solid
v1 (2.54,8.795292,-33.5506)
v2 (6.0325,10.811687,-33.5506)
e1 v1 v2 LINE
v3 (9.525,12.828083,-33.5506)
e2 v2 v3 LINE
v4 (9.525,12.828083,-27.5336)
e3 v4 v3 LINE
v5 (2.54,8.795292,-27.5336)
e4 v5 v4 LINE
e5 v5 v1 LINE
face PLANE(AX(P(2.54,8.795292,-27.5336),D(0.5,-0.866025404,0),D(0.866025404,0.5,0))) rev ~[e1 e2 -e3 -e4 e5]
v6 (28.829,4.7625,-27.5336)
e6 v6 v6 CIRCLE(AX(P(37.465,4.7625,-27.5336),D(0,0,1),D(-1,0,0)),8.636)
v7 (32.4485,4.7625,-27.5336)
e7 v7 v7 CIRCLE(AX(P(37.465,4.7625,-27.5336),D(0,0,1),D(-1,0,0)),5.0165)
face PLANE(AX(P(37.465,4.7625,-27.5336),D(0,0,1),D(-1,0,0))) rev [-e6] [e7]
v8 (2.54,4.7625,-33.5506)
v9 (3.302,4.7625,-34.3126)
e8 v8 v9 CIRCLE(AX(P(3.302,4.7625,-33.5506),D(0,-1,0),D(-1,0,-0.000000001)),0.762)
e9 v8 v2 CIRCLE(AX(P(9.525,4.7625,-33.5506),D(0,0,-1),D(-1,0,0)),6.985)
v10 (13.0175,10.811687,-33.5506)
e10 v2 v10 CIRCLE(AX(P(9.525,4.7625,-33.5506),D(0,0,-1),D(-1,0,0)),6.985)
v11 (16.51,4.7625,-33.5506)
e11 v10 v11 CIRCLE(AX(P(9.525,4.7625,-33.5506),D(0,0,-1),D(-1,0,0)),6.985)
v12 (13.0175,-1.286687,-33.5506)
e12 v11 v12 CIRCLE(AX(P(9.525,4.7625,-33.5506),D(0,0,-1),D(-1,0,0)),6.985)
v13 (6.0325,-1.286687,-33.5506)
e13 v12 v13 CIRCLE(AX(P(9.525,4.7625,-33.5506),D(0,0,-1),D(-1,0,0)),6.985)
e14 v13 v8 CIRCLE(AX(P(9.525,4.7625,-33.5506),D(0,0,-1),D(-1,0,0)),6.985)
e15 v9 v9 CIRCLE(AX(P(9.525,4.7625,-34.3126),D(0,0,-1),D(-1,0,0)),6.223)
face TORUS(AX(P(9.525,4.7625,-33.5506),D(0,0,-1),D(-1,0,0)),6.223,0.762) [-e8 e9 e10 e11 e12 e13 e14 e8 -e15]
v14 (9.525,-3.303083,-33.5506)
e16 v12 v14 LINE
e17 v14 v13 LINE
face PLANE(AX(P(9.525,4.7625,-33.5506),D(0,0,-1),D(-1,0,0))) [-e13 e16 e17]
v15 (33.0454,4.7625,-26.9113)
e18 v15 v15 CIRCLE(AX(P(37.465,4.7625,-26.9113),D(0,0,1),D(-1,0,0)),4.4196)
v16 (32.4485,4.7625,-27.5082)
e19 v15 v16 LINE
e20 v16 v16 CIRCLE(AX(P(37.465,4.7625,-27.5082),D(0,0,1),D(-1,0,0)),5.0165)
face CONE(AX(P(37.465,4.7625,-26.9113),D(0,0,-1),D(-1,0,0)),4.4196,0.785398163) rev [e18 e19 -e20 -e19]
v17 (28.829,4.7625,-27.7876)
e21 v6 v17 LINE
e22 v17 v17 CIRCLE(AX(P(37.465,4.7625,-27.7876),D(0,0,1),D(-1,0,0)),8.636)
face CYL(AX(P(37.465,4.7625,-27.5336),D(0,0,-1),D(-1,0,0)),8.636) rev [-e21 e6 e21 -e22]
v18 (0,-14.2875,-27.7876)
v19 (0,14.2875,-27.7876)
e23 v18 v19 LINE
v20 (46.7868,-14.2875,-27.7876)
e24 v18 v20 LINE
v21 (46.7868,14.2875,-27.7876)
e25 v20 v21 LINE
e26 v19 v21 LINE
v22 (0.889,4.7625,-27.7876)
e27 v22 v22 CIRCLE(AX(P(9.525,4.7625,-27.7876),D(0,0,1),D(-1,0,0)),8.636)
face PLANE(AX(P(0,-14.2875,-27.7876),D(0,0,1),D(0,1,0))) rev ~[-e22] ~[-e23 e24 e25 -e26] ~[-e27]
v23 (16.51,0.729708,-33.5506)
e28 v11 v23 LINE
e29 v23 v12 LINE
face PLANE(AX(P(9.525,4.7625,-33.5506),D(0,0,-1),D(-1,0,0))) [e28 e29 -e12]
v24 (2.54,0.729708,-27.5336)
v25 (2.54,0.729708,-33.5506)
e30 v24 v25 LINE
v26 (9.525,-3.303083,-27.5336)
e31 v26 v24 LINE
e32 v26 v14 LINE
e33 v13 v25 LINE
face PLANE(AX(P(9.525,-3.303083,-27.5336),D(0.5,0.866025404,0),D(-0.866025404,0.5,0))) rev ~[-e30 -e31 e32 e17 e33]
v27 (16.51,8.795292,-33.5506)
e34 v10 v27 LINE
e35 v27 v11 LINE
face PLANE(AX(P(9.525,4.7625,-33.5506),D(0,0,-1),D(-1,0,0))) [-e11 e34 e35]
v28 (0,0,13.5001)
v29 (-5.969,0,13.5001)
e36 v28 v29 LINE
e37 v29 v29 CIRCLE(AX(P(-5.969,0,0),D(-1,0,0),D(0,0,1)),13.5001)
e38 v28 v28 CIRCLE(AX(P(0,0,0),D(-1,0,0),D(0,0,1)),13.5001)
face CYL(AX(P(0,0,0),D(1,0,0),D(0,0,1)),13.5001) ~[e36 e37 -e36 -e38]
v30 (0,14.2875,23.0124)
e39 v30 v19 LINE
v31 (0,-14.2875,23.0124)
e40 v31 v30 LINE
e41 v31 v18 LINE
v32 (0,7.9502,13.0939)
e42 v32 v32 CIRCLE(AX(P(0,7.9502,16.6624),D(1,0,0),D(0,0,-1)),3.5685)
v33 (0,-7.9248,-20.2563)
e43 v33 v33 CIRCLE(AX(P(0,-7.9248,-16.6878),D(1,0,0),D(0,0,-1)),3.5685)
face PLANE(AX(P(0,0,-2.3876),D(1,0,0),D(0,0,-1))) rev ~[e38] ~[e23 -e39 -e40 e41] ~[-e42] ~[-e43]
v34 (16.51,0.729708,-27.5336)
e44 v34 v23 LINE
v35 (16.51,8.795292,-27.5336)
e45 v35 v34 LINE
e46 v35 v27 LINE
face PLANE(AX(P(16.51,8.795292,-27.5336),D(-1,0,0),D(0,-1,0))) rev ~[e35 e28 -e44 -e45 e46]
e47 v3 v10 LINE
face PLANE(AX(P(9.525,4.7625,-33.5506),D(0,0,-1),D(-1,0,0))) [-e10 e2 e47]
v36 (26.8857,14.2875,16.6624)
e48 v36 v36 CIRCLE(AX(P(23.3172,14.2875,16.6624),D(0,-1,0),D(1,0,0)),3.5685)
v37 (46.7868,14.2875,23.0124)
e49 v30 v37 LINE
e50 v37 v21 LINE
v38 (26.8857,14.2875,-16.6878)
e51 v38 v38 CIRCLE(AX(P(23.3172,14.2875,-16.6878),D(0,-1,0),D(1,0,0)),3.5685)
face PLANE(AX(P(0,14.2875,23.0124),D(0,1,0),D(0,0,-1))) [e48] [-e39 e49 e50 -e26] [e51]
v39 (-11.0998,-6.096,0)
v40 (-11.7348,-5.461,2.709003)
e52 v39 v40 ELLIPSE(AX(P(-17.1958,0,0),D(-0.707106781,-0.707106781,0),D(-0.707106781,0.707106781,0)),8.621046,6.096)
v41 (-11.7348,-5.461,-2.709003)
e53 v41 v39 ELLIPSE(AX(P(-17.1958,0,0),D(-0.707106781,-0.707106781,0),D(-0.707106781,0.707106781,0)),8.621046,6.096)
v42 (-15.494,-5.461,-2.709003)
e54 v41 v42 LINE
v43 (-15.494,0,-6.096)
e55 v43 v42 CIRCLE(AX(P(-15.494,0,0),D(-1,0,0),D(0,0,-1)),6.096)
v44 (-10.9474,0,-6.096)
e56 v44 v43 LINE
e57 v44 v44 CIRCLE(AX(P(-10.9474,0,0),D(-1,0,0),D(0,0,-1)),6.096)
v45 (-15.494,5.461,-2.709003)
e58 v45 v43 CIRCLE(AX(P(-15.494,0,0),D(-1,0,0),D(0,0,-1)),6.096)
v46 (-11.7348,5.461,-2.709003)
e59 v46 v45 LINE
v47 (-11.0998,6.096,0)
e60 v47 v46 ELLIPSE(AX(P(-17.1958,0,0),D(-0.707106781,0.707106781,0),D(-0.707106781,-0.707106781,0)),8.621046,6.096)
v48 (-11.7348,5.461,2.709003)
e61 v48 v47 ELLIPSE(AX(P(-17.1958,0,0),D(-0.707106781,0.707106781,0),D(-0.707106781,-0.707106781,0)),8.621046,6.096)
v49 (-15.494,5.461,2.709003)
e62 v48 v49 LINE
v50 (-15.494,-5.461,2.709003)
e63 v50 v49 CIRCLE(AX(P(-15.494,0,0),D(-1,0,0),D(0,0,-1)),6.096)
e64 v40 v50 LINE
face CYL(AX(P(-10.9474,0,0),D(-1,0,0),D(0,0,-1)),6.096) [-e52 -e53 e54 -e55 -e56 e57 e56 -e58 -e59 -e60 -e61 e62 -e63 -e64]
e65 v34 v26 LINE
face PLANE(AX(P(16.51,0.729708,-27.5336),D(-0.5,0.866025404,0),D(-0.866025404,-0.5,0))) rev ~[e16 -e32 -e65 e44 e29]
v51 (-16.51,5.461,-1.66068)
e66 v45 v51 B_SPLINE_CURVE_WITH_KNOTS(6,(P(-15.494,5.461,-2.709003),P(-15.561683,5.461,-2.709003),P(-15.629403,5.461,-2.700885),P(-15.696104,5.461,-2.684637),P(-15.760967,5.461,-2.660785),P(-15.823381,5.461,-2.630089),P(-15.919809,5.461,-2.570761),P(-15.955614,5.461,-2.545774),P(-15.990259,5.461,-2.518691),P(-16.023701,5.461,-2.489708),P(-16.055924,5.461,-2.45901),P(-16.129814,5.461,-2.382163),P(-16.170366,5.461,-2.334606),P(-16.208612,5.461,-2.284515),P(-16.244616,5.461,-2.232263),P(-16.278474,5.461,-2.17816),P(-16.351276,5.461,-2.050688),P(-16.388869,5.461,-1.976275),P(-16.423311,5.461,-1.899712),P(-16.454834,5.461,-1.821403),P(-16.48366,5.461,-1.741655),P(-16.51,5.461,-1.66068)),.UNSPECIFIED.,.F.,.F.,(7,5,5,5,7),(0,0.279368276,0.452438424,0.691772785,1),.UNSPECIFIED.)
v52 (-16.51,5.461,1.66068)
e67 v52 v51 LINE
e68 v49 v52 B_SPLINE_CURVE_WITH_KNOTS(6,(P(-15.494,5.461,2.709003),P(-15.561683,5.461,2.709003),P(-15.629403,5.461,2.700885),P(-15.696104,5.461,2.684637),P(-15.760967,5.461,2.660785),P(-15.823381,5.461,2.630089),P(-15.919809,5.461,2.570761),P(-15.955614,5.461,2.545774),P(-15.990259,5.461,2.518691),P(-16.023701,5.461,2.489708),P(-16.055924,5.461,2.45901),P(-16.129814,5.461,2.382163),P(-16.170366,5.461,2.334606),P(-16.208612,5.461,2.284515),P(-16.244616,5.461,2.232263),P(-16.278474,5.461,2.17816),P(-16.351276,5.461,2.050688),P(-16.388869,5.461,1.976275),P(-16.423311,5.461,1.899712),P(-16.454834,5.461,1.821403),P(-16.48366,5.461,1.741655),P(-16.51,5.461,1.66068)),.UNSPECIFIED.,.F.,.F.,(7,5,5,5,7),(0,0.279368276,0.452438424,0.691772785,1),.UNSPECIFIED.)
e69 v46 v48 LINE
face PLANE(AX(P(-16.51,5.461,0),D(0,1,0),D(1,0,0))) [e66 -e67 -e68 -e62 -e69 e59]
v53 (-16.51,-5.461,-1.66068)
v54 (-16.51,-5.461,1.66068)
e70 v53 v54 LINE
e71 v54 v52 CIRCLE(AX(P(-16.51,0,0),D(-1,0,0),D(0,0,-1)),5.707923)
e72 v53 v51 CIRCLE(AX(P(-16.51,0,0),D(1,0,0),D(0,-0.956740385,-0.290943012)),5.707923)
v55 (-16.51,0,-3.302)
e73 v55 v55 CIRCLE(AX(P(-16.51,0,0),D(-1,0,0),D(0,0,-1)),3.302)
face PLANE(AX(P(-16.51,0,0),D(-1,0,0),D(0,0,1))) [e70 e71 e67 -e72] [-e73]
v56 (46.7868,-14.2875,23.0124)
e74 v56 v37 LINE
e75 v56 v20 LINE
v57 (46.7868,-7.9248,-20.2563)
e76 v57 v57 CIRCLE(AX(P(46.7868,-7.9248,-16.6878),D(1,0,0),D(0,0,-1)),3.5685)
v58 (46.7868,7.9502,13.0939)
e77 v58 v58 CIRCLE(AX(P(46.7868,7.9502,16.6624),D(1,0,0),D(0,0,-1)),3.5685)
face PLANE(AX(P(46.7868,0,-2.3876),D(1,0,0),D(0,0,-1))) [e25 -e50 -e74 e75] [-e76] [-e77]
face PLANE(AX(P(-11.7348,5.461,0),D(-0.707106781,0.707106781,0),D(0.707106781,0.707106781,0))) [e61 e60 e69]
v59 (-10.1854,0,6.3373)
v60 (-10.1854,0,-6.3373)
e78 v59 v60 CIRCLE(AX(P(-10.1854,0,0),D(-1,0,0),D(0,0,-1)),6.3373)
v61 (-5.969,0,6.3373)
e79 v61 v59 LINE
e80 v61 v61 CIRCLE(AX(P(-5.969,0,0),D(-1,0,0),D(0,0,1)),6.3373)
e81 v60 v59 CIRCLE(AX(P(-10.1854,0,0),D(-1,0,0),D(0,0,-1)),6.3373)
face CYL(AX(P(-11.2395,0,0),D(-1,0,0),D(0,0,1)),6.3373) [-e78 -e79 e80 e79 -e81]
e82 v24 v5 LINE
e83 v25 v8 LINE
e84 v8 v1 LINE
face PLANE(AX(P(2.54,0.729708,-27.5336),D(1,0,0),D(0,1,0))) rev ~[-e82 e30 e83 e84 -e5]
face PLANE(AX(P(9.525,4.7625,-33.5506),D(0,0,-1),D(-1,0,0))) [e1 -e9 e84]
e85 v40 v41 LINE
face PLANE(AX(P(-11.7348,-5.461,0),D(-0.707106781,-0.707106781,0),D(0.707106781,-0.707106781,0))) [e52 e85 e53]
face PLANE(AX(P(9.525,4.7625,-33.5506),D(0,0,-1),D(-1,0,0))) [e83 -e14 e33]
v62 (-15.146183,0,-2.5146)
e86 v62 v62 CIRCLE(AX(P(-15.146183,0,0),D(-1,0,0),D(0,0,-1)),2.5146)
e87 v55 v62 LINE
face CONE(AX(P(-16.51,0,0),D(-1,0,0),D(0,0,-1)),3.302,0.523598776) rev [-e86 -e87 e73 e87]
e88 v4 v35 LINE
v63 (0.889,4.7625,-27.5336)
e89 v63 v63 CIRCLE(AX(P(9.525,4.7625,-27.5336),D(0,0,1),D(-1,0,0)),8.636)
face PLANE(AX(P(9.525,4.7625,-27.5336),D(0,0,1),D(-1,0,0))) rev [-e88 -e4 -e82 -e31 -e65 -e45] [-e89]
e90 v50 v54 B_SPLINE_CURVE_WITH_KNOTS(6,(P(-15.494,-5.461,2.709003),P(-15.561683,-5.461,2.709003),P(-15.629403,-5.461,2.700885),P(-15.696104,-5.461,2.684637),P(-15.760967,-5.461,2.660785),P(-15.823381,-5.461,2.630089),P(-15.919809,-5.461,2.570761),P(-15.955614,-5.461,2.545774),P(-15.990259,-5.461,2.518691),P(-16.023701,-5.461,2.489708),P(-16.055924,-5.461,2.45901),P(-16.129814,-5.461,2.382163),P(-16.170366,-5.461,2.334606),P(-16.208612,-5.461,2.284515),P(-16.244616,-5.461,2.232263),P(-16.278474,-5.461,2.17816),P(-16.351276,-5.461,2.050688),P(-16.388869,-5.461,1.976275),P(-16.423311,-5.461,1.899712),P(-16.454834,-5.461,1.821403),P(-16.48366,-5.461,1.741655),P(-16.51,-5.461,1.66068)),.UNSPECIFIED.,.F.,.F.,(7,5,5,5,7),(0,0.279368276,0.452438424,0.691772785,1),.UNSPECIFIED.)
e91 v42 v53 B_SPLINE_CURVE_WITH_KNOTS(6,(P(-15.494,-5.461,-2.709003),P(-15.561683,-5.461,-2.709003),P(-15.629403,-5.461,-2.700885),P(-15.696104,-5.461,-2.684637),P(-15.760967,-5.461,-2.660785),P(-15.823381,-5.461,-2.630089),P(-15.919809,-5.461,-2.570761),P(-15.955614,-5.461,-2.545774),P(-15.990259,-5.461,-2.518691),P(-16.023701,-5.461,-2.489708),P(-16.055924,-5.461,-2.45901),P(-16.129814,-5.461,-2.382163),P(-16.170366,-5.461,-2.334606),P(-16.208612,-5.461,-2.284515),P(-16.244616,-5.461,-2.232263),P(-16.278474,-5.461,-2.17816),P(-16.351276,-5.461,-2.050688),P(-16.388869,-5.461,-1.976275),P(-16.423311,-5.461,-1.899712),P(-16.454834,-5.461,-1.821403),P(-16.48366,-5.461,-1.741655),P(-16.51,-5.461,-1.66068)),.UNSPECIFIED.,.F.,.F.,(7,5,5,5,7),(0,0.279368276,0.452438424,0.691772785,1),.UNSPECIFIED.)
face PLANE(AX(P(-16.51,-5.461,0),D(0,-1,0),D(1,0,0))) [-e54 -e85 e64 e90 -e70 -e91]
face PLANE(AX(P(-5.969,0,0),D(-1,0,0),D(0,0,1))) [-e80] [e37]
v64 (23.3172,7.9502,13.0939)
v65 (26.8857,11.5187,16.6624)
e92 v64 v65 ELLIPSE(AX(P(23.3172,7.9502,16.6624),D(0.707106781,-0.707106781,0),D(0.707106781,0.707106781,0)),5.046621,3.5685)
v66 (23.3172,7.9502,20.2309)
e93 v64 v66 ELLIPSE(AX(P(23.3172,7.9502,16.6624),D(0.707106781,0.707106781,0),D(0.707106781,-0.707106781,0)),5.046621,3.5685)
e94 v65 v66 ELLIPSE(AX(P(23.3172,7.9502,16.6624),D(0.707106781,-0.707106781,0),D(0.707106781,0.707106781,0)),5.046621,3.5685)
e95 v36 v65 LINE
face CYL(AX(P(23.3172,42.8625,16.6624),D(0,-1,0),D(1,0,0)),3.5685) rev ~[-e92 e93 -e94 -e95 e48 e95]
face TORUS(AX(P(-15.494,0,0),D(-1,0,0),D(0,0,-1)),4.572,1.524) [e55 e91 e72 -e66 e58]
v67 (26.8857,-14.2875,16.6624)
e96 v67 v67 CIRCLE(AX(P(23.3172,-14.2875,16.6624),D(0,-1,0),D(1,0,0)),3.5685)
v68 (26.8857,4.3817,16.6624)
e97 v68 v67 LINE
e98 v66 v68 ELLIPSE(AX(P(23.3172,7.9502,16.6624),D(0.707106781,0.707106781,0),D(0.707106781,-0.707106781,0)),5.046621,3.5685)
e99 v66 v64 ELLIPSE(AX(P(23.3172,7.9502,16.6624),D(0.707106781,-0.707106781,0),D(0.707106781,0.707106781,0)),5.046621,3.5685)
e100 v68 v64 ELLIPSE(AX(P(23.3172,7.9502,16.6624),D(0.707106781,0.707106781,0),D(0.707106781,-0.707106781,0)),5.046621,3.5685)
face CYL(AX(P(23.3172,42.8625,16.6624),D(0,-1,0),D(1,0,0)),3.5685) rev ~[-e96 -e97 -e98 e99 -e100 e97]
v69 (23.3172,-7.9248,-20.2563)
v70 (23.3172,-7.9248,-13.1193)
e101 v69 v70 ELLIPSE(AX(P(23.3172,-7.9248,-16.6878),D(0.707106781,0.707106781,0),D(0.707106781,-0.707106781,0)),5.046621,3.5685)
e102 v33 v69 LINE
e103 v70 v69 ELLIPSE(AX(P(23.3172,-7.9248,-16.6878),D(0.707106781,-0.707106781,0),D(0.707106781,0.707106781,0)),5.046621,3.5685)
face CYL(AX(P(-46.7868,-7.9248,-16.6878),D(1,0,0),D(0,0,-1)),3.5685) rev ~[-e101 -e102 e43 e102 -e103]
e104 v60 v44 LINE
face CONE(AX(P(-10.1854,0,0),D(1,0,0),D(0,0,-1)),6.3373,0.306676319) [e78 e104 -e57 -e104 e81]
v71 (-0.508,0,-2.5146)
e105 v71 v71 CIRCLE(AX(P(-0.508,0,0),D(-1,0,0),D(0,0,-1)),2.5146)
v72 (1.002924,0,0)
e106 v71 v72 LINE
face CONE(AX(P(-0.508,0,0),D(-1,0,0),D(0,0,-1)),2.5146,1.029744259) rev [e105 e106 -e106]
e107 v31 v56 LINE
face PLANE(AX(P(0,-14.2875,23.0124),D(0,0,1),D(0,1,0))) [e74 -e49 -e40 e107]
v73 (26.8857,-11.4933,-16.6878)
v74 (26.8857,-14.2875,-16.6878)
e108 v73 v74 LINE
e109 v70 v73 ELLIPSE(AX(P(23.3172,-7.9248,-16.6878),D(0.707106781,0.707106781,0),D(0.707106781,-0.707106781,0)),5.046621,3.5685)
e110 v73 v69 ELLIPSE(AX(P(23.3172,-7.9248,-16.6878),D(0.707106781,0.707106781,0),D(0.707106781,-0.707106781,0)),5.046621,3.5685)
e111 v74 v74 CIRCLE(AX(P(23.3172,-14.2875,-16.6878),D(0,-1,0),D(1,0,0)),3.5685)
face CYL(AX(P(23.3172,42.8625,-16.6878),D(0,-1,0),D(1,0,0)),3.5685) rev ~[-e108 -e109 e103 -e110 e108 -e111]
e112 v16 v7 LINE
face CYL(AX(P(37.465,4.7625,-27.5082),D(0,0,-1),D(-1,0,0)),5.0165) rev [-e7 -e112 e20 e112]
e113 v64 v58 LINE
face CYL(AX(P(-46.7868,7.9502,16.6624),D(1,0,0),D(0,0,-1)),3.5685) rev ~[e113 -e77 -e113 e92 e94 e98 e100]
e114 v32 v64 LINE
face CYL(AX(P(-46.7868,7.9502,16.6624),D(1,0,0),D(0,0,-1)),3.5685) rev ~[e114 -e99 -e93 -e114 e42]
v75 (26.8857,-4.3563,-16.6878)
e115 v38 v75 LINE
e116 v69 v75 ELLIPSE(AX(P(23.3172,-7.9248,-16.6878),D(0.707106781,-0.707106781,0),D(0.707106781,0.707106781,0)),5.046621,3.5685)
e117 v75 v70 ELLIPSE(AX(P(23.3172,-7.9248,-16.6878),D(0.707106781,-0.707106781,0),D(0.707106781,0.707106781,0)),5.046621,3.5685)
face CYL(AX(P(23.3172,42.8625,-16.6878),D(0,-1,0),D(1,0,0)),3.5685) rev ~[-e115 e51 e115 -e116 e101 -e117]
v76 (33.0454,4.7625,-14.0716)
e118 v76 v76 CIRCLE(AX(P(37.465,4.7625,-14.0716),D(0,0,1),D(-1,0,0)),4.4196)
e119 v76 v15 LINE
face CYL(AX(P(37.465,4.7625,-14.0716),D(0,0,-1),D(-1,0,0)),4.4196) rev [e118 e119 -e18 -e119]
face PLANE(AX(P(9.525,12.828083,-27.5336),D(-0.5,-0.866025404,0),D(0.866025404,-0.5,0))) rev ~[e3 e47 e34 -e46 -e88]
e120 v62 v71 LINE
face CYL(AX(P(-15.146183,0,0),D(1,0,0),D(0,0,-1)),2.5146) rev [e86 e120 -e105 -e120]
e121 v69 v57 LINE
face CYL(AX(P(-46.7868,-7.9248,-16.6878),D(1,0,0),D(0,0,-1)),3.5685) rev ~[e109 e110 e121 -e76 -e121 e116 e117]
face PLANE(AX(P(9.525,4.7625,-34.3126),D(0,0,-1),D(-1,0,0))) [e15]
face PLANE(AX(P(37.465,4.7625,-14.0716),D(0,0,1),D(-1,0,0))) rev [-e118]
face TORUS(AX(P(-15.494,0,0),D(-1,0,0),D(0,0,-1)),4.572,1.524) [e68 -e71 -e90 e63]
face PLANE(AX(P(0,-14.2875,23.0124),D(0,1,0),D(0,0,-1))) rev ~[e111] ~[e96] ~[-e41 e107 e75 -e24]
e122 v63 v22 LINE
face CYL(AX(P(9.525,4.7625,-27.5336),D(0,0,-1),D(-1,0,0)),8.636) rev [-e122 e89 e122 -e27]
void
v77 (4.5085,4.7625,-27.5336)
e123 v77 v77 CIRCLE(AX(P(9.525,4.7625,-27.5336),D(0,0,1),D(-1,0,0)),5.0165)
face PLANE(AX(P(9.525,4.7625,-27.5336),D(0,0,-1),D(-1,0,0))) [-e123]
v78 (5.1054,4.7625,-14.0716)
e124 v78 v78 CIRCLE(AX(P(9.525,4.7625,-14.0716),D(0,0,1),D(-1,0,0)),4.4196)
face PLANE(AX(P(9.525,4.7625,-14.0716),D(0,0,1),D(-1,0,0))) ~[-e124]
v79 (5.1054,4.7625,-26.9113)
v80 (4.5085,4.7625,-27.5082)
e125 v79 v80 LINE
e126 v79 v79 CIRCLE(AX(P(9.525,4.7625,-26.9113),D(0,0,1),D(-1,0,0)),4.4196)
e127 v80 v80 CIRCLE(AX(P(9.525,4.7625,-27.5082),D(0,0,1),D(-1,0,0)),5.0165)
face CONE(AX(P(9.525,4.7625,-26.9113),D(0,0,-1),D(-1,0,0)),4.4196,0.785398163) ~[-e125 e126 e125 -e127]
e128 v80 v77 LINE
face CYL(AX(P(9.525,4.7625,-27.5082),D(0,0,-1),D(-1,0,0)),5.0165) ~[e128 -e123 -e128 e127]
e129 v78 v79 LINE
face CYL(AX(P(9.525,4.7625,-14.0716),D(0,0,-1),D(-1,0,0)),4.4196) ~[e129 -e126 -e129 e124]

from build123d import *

# Parameters (mm, degrees)
SKETCH1_W          = 50.8
SKETCH1_H          = 28.575
EXTRUDE1_DEPTH     = 46.7868
LPATTERN1_COUNT    = 2
LPATTERN1_PITCH    = 27.94
SKETCH5_R          = 13.5001
EXTRUDE2_DEPTH     = 5.969
SKETCH6_W          = 6.3373
SKETCH6_H          = 10.541
CUT_EXTRUDE4_DEPTH = 30.48
HOLE1_D            = 7.137
HOLE1_DEPTH        = 46.7868
HOLE2_D            = 7.137
HOLE2_DEPTH        = 28.575
EXTRUDE3_DEPTH     = 6.779


with BuildPart() as part:
    # Sketch1 → Extrude1 (new body)
    with BuildSketch(Plane(origin=(0, 0, 0), x_dir=(0, 0, -1), z_dir=(1, 0, 0))):
        with Locations((2.3876, 0)):
            Rectangle(SKETCH1_W, SKETCH1_H)
    extrude(amount=EXTRUDE1_DEPTH)

    # S2D0002 → Cut-Revolve1 (revolve, cut)
    with BuildSketch(Plane(origin=(0, 4.7625, 0), x_dir=(-1, 0, 0), z_dir=(0, 1, 0)), mode=Mode.PRIVATE) as cut_revolve1_sk:
        Polygon((-14.5415, -27.5336), (-18.161, -27.5336), (-18.161, -27.7876), (-9.525, -27.7876), (-9.525, -14.0716), (-13.9446, -14.0716), (-13.9446, -26.9113), (-14.5415, -27.5082), align=None)
    cut_revolve1 = revolve(cut_revolve1_sk.sketch.rotate(Axis((9.525, 4.7625, -19.13842003), (0, 0, 1)), 180), axis=Axis((9.525, 4.7625, -19.13842003), (0, 0, 1)), mode=Mode.SUBTRACT)  # turned: the seam where the file's is

    # LPattern1: Cut-Revolve1 ×2
    with Locations(*[(i * LPATTERN1_PITCH, 0, 0) for i in range(1, LPATTERN1_COUNT)]):
        add(cut_revolve1, mode=Mode.SUBTRACT)

    # Sketch5 → Extrude2 (add)
    with BuildSketch(Plane.ZY):
        Circle(SKETCH5_R)
    extrude(amount=EXTRUDE2_DEPTH)

    # Sketch6 → Revolve1 (revolve)
    with BuildSketch(Plane(origin=(0, 0, 0), x_dir=(0, 0, 1), z_dir=(0, -1, 0)), mode=Mode.PRIVATE) as revolve1_sk:
        with Locations((-3.16865, 11.2395)):
            Rectangle(SKETCH6_W, SKETCH6_H)
    revolve(revolve1_sk.sketch.rotate(Axis((5.754582971, 0, 0), (-1, 0, 0)), 180), axis=Axis((5.754582971, 0, 0), (-1, 0, 0)))  # turned: the seam where the file's is

    # S2D0001 → Cut-Revolve4 (revolve, cut)
    with BuildSketch(Plane(origin=(-18.511260017, 3.2639, 0), x_dir=(0, 1, 0), z_dir=(0, 0, 1)), mode=Mode.PRIVATE) as cut_revolve4_sk:
        Polygon((-0.7493, -3.365076823), (-0.7493, -18.003260017), (-3.2639, -19.51418413), (-3.2639, -2.001260017), (0.0381, -2.001260017), align=None)
    revolve(cut_revolve4_sk.sketch.rotate(Axis((0, 0, 0), (-1, 0, 0)), 90), axis=Axis((0, 0, 0), (-1, 0, 0)), mode=Mode.SUBTRACT)  # turned: the seam where the file's is

    # Sketch8 → Cut-Revolve5 (revolve, cut)
    with BuildSketch(Plane(origin=(0, 0, 0), x_dir=(0, 0, -1), z_dir=(0, 1, 0)), mode=Mode.PRIVATE) as cut_revolve5_sk:
        with BuildLine():
            Line((-6.3373, 10.1854), (-6.096, 10.9474))
            Line((-6.096, 10.9474), (-6.096, 15.494))
            ThreePointArc((-6.096, 15.494), (-5.995678675, 16.037796865), (-5.707922533, 16.51))
            Line((-5.707922533, 16.51), (-6.3373, 16.51))
            Line((-6.3373, 16.51), (-6.3373, 10.1854))
        make_face()
    revolve(cut_revolve5_sk.sketch.rotate(Axis((-12.65936, 0, 0), (-1, 0, 0)), 180), axis=Axis((-12.65936, 0, 0), (-1, 0, 0)), mode=Mode.SUBTRACT)  # turned: the seam where the file's is

    # Sketch12 → Cut-Extrude4 (cut, symmetric)
    with BuildSketch(Plane(origin=(0, 0, 0), x_dir=(0, -1, 0), z_dir=(0, 0, -1))):
        Polygon((5.461, 16.51), (5.461, 11.7348), (6.096, 11.0998), (6.096, 16.51), align=None)
        Polygon((-5.461, 16.51), (-5.461, 11.7348), (-6.096, 11.0998), (-6.096, 16.51), align=None)
    extrude(amount=CUT_EXTRUDE4_DEPTH, both=True, mode=Mode.SUBTRACT)

    # Hole1
    with Locations(Plane.ZY):
        with Locations((-16.6878, -7.9248), (16.6624, 7.9502)):
            Hole(HOLE1_D / 2, depth=HOLE1_DEPTH)

    # Hole2
    with Locations(Plane(origin=(0, 14.2875, 0), x_dir=(-1, 0, 0), z_dir=(0, 1, 0))):
        with Locations((-23.3172, -16.6878), (-23.3172, 16.6624)):
            Hole(HOLE2_D / 2, depth=HOLE2_DEPTH)

    # Sketch18 → Extrude3 (add)
    with BuildSketch(Plane(origin=(0, 0, -27.5336), x_dir=(-1, 0, 0), z_dir=(0, 0, -1))):
        Polygon((-2.54, 8.79529163), (-9.525, 12.828083261), (-16.51, 8.79529163), (-16.51, 0.72970837), (-9.525, -3.303083261), (-2.54, 0.72970837), align=None)
    extrude(amount=EXTRUDE3_DEPTH)

    # Sketch19 → Cut-Revolve6 (revolve, cut)
    with BuildSketch(Plane(origin=(0, 4.7625, 0), x_dir=(-1, 0, 0), z_dir=(0, 1, 0)), mode=Mode.PRIVATE) as cut_revolve6_sk:
        with BuildLine():
            Line((-15.748, -34.3126), (-15.748, -36.7256))
            Line((-15.748, -36.7256), (-18.923, -36.7256))
            Line((-18.923, -36.7256), (-18.923, -33.5506))
            Line((-18.923, -33.5506), (-16.51, -33.5506))
            ThreePointArc((-16.51, -33.5506), (-16.286815367, -34.089415367), (-15.748, -34.3126))
        make_face()
    revolve(cut_revolve6_sk.sketch.rotate(Axis((9.525, 4.7625, -18.51025594), (0, 0, -1)), 180), axis=Axis((9.525, 4.7625, -18.51025594), (0, 0, -1)), mode=Mode.SUBTRACT)  # turned: the seam where the file's is


solid = part.part
